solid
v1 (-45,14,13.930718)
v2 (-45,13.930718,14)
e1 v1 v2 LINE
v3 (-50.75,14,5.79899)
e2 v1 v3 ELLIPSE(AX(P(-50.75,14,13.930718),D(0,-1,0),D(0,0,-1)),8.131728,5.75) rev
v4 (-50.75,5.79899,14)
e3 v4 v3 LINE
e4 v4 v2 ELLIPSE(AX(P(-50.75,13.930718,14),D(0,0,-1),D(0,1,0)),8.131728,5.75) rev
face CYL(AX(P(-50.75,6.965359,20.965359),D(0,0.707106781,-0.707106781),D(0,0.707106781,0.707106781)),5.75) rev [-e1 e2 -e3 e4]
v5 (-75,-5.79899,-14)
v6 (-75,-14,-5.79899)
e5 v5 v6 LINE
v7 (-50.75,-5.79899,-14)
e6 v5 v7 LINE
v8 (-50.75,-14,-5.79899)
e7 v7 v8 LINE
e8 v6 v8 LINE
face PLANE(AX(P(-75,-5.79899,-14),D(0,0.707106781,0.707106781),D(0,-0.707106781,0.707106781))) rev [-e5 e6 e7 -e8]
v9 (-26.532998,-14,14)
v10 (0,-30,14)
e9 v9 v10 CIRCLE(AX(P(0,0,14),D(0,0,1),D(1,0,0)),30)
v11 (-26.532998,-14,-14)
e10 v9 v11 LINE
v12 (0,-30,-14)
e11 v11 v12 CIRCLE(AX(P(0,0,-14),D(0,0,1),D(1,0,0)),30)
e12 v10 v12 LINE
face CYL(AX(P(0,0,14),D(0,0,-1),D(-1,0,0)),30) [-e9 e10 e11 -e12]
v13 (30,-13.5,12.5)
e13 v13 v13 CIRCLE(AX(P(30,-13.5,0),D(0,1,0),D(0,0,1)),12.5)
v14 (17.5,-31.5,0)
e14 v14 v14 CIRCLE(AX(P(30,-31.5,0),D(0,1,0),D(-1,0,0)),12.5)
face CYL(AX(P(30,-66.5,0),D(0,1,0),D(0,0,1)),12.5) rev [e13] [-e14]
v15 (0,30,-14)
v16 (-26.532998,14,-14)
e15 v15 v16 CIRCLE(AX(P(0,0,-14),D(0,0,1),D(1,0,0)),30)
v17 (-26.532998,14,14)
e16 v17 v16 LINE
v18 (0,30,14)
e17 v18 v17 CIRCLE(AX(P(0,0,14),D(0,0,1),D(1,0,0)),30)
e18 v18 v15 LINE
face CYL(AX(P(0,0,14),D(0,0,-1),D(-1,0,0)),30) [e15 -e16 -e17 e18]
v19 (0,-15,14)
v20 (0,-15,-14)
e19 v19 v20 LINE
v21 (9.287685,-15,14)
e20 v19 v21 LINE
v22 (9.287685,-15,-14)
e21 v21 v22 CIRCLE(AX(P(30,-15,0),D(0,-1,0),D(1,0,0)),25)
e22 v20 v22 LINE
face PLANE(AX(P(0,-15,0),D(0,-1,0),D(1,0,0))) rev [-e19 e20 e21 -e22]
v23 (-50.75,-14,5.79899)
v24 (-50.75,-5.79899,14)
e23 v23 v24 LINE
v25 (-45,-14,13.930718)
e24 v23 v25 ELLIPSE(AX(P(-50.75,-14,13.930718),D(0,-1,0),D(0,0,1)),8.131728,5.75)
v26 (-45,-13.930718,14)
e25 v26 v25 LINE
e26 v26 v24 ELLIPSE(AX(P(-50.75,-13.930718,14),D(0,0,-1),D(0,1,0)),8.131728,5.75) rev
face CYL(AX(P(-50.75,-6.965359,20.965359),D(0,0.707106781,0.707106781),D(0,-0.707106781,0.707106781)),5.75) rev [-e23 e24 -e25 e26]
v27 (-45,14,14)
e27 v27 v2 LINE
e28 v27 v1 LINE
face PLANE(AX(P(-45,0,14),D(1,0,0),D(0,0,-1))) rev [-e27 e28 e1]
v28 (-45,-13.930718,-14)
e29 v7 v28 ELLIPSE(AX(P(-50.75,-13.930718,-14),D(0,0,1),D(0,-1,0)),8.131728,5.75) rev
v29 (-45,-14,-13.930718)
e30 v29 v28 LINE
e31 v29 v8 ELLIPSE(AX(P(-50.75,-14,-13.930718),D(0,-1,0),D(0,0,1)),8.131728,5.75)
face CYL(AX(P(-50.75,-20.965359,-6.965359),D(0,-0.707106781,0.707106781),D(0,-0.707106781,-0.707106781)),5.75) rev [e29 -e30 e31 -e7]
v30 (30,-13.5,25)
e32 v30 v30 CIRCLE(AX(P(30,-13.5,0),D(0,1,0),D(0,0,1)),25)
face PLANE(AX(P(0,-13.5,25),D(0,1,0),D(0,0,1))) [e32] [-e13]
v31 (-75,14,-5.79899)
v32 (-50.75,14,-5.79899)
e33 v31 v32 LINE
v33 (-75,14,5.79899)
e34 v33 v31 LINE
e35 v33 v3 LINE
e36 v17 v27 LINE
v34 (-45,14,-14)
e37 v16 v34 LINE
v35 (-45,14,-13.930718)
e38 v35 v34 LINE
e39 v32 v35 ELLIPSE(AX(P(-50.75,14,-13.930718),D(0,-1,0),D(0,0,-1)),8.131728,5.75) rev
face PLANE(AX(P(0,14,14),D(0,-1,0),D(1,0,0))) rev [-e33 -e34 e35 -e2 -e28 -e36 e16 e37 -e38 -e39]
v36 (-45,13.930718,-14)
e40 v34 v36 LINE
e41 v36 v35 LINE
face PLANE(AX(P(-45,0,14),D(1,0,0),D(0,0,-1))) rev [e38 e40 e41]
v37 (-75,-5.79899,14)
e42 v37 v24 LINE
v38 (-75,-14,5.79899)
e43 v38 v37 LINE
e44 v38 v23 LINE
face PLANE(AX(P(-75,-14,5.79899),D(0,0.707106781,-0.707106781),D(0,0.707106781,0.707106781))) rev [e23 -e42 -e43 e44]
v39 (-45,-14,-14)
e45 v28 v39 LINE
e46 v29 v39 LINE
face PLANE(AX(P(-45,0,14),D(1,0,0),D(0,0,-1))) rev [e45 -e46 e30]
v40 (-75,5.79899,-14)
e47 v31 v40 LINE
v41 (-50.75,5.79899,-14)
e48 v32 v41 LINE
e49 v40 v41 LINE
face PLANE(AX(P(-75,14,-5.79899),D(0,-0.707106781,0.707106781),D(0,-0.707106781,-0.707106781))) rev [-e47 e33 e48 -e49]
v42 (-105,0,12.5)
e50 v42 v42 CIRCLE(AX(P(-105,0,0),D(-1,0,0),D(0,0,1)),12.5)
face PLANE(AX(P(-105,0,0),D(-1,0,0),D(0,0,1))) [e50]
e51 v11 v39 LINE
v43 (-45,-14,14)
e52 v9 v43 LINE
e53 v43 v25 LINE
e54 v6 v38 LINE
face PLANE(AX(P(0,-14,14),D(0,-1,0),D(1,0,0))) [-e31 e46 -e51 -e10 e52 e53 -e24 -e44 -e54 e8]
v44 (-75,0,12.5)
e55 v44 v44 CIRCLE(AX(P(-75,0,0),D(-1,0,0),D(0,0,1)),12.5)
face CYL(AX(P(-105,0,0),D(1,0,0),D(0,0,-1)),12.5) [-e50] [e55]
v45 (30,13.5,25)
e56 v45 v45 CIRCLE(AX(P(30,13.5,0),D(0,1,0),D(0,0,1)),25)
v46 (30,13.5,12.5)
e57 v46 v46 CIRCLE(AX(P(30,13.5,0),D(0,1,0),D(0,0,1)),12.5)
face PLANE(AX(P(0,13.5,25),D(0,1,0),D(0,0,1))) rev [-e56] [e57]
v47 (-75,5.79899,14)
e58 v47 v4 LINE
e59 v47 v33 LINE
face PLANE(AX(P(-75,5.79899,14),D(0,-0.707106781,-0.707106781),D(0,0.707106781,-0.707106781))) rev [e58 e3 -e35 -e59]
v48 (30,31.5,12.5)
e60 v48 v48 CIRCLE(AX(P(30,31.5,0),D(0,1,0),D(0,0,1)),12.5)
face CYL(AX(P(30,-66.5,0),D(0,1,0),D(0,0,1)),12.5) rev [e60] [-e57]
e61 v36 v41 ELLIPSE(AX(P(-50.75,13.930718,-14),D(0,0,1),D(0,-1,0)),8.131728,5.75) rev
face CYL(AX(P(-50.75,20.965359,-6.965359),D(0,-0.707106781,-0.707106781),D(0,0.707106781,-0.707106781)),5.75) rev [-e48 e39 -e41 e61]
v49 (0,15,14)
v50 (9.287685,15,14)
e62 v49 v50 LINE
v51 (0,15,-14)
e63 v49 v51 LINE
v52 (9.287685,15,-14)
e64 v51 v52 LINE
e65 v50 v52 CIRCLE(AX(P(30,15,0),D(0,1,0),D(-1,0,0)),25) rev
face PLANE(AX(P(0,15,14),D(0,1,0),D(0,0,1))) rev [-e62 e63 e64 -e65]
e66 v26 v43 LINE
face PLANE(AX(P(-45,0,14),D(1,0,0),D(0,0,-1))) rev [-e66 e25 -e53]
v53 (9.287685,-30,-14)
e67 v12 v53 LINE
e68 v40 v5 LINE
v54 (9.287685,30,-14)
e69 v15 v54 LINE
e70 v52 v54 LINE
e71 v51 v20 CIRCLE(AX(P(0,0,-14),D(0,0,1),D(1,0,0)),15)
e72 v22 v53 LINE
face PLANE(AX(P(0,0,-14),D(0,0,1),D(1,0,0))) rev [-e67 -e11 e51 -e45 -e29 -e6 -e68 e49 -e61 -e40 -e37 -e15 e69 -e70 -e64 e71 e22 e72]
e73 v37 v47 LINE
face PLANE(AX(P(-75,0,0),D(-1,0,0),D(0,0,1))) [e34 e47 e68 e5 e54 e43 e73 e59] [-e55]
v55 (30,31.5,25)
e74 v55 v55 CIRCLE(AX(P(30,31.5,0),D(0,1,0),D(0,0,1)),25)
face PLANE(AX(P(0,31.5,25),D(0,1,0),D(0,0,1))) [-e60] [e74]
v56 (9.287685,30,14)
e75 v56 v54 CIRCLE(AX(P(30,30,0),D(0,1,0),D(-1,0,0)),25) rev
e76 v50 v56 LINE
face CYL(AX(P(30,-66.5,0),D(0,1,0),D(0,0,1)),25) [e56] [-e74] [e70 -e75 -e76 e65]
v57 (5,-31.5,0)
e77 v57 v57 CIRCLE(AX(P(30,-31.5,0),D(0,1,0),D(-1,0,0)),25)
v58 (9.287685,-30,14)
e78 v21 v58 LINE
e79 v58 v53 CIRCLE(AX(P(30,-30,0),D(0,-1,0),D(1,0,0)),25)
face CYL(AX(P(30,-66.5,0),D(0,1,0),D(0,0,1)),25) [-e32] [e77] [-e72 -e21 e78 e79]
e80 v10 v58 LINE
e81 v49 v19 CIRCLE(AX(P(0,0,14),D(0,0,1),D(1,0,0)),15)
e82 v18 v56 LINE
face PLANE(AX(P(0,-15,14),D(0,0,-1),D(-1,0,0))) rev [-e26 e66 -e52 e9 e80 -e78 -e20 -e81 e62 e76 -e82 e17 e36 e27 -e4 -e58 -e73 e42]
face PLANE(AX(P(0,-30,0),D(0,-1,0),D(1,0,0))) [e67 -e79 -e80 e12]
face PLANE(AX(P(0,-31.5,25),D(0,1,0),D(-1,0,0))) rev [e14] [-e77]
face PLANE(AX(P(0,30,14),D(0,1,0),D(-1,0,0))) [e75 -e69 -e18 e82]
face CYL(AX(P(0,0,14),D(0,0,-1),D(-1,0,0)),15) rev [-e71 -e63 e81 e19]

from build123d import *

# Parameters (mm, degrees)
SKETCH1_W             = 50
SKETCH1_H             = 18
BOSS_EXTRUDE1_DEPTH   = 25
BOSS_EXTRUDE1_2_DEPTH = 25
BOSS_EXTRUDE2_DEPTH   = 14
SKETCH1_5_W           = 18.467001677
SKETCH1_5_H           = 28
BOSS_EXTRUDE3_DEPTH   = 14
SKETCH2_R             = 12.5
CUT_EXTRUDE1_DEPTH    = 98
CUT_EXTRUDE2_DEPTH    = 98
BOSS_EXTRUDE4_DEPTH   = 15
BOSS_EXTRUDE5_DEPTH   = 15
BOSS_EXTRUDE6_DEPTH   = 30
FILLET1_R             = 5.75
FILLET2_R             = 5.75
FILLET3_R             = 5.75
FILLET4_R             = 5.75
SKETCH9_R             = 12.5
BOSS_EXTRUDE7_DEPTH   = 30


with BuildPart() as part:
    # Sketch1 → Boss-Extrude1 (new, symmetric)
    with BuildSketch(Plane.XY):
        with Locations((30, 22.5)):
            Rectangle(SKETCH1_W, SKETCH1_H)
    extrude(amount=BOSS_EXTRUDE1_DEPTH, both=True)



with BuildPart() as body_2:
    # Sketch1 → Boss-Extrude1 2 (new, symmetric)
    with BuildSketch(Plane.XY):
        with Locations((30, -22.5)):
            Rectangle(SKETCH1_W, SKETCH1_H)
    extrude(amount=BOSS_EXTRUDE1_2_DEPTH, both=True)


with BuildPart() as part_1:
    add(part.part)

    add(body_2.part)  # Boss-Extrude2 merges body 2
    # Sketch1<4> → Boss-Extrude2 (add, symmetric)
    with BuildSketch(Plane.XY):
        with BuildLine():
            Line((5, 15), (5, 30))
            Line((5, 30), (0, 30))
            ThreePointArc((0, 30), (-15.491933385, 25.690465157), (-26.532998323, 14))
            Line((-26.532998323, 14), (-26.532998323, -14))
            ThreePointArc((-26.532998323, -14), (-15.491933385, -25.690465157), (0, -30))
            Line((0, -30), (5, -30))
            Line((5, -30), (5, -15))
            Line((5, -15), (0, -15))
            ThreePointArc((0, -15), (-15, 0), (0, 15))
            Line((0, 15), (5, 15))
        make_face()
    extrude(amount=BOSS_EXTRUDE2_DEPTH, both=True)

    # Sketch1<5> → Boss-Extrude3 (add, symmetric)
    with BuildSketch(Plane.XY):
        with Locations((-35.766499162, 0)):
            Rectangle(SKETCH1_5_W, SKETCH1_5_H)
    extrude(amount=BOSS_EXTRUDE3_DEPTH, both=True)

    # Sketch2 → Cut-Extrude1 (cut)
    with BuildSketch(Plane(origin=(0, 31.5, 0), x_dir=(1, 0, 0), z_dir=(0, 1, 0))):
        with Locations((30, 0)):
            Circle(SKETCH2_R)
    extrude(amount=-CUT_EXTRUDE1_DEPTH, mode=Mode.SUBTRACT)

    # Sketch3 → Cut-Extrude2 (cut)
    with BuildSketch(Plane(origin=(0, 31.5, 0), x_dir=(1, 0, 0), z_dir=(0, 1, 0))):
        with BuildLine():
            Line((5, -2.5e-08), (5, -25))
            Line((5, -25), (30, -25))
            ThreePointArc((30, -25), (12.322330479, -17.677669538), (5, -2.5e-08))
        make_face()
        with BuildLine():
            Line((5, 25), (5, -2.5e-08))
            ThreePointArc((5, -2.5e-08), (12.322330462, 17.677669521), (30, 25))
            Line((30, 25), (5, 25))
        make_face()
        with BuildLine():
            ThreePointArc((55, 0), (47.67766953, -17.67766953), (30, -25))
            Line((30, -25), (55, -25))
            Line((55, -25), (55, 0))
        make_face()
        with BuildLine():
            Line((55, 25), (30, 25))
            ThreePointArc((30, 25), (47.67766953, 17.67766953), (55, 0))
            Line((55, 0), (55, 25))
        make_face()
    extrude(amount=-CUT_EXTRUDE2_DEPTH, mode=Mode.SUBTRACT)


with BuildPart() as cut_extrude2_piece_1:
    # of the separate pieces the step leaves, piece 1, a body of its own (cut_extrude2_pieces)
    add(part_1.part.solids().sort_by_distance((5, -15, -14))[0])



with BuildPart() as cut_extrude2_piece_2:
    # of the separate pieces the step leaves, piece 2, a body of its own (cut_extrude2_pieces)
    add(part_1.part.solids().sort_by_distance((30, -13.5, -25))[0])


with BuildPart() as cut_extrude2_piece_3:
    # of the separate pieces the step leaves, piece 3, a body of its own (cut_extrude2_pieces)
    add(part_1.part.solids().sort_by_distance((5, 31.5, 2.5e-08))[0])


with BuildPart() as cut_extrude2_piece_1_1:
    add(cut_extrude2_piece_1.part)

    add(cut_extrude2_piece_3.part)  # Boss-Extrude4 merges Cut-Extrude2 piece 3
    # Sketch6 → Boss-Extrude4 (add)
    with BuildSketch(Plane(origin=(0, 30, 0), x_dir=(1, 0, 0), z_dir=(0, 1, 0))):
        with BuildLine():
            ThreePointArc((9.287684823, -14), (6.095943024, -7.320933008), (5, 2.6e-08))
            Line((5, 2.6e-08), (5, -14))
            Line((5, -14), (9.287684823, -14))
        make_face()
        with BuildLine():
            Line((9.287684823, 14), (5, 14))
            Line((5, 14), (5, 2.6e-08))
            ThreePointArc((5, 2.6e-08), (6.095943032, 7.320933033), (9.287684823, 14))
        make_face()
    extrude(amount=-BOSS_EXTRUDE4_DEPTH)


    add(cut_extrude2_piece_2.part)  # Boss-Extrude5 merges Cut-Extrude2 piece 2
    # Sketch7 → Boss-Extrude5 (add)
    with BuildSketch(Plane(origin=(0, -30, 0), x_dir=(-1, 0, 0), z_dir=(0, -1, 0))):
        with BuildLine():
            Line((-5, 0), (-5, 14))
            Line((-5, 14), (-9.287684823, 14))
            ThreePointArc((-9.287684823, 14), (-6.095943028, 7.32093302), (-5, 0))
        make_face()
        with BuildLine():
            Line((-5, -14), (-5, 0))
            ThreePointArc((-5, 0), (-6.095943028, -7.32093302), (-9.287684823, -14))
            Line((-9.287684823, -14), (-5, -14))
        make_face()
    extrude(amount=-BOSS_EXTRUDE5_DEPTH)

    # Sketch8 → Boss-Extrude6 (add)
    with BuildSketch(Plane.ZY.offset(45)):
        Polygon((5.798989873, 14), (-5.798989873, 14), (-14, 5.798989873), (-14, -5.798989873), (-5.798989873, -14), (5.798989873, -14), (14, -5.798989873), (14, 5.798989873), align=None)
    extrude(amount=BOSS_EXTRUDE6_DEPTH)

    # Fillet1
    fillet1_edges = [cut_extrude2_piece_1_1.edges().sort_by_distance(p)[0] for p in [
        (-45, 9.899494937, -9.899494937),
    ]]
    fillet(fillet1_edges, radius=FILLET1_R)

    # Fillet2
    fillet2_edges = [cut_extrude2_piece_1_1.edges().sort_by_distance(p)[0] for p in [
        (-45, 9.899494937, 9.899494937),
    ]]
    fillet(fillet2_edges, radius=FILLET2_R)

    # Fillet3
    fillet3_edges = [cut_extrude2_piece_1_1.edges().sort_by_distance(p)[0] for p in [
        (-45, -9.899494937, -9.899494937),
    ]]
    fillet(fillet3_edges, radius=FILLET3_R)

    # Fillet4
    fillet4_edges = [cut_extrude2_piece_1_1.edges().sort_by_distance(p)[0] for p in [
        (-45, -9.899494937, 9.899494937),
    ]]
    fillet(fillet4_edges, radius=FILLET4_R)

    # Sketch9 → Boss-Extrude7 (add)
    with BuildSketch(Plane.ZY.offset(75)):
        Circle(SKETCH9_R)
    extrude(amount=BOSS_EXTRUDE7_DEPTH)


solid = cut_extrude2_piece_1_1.part
